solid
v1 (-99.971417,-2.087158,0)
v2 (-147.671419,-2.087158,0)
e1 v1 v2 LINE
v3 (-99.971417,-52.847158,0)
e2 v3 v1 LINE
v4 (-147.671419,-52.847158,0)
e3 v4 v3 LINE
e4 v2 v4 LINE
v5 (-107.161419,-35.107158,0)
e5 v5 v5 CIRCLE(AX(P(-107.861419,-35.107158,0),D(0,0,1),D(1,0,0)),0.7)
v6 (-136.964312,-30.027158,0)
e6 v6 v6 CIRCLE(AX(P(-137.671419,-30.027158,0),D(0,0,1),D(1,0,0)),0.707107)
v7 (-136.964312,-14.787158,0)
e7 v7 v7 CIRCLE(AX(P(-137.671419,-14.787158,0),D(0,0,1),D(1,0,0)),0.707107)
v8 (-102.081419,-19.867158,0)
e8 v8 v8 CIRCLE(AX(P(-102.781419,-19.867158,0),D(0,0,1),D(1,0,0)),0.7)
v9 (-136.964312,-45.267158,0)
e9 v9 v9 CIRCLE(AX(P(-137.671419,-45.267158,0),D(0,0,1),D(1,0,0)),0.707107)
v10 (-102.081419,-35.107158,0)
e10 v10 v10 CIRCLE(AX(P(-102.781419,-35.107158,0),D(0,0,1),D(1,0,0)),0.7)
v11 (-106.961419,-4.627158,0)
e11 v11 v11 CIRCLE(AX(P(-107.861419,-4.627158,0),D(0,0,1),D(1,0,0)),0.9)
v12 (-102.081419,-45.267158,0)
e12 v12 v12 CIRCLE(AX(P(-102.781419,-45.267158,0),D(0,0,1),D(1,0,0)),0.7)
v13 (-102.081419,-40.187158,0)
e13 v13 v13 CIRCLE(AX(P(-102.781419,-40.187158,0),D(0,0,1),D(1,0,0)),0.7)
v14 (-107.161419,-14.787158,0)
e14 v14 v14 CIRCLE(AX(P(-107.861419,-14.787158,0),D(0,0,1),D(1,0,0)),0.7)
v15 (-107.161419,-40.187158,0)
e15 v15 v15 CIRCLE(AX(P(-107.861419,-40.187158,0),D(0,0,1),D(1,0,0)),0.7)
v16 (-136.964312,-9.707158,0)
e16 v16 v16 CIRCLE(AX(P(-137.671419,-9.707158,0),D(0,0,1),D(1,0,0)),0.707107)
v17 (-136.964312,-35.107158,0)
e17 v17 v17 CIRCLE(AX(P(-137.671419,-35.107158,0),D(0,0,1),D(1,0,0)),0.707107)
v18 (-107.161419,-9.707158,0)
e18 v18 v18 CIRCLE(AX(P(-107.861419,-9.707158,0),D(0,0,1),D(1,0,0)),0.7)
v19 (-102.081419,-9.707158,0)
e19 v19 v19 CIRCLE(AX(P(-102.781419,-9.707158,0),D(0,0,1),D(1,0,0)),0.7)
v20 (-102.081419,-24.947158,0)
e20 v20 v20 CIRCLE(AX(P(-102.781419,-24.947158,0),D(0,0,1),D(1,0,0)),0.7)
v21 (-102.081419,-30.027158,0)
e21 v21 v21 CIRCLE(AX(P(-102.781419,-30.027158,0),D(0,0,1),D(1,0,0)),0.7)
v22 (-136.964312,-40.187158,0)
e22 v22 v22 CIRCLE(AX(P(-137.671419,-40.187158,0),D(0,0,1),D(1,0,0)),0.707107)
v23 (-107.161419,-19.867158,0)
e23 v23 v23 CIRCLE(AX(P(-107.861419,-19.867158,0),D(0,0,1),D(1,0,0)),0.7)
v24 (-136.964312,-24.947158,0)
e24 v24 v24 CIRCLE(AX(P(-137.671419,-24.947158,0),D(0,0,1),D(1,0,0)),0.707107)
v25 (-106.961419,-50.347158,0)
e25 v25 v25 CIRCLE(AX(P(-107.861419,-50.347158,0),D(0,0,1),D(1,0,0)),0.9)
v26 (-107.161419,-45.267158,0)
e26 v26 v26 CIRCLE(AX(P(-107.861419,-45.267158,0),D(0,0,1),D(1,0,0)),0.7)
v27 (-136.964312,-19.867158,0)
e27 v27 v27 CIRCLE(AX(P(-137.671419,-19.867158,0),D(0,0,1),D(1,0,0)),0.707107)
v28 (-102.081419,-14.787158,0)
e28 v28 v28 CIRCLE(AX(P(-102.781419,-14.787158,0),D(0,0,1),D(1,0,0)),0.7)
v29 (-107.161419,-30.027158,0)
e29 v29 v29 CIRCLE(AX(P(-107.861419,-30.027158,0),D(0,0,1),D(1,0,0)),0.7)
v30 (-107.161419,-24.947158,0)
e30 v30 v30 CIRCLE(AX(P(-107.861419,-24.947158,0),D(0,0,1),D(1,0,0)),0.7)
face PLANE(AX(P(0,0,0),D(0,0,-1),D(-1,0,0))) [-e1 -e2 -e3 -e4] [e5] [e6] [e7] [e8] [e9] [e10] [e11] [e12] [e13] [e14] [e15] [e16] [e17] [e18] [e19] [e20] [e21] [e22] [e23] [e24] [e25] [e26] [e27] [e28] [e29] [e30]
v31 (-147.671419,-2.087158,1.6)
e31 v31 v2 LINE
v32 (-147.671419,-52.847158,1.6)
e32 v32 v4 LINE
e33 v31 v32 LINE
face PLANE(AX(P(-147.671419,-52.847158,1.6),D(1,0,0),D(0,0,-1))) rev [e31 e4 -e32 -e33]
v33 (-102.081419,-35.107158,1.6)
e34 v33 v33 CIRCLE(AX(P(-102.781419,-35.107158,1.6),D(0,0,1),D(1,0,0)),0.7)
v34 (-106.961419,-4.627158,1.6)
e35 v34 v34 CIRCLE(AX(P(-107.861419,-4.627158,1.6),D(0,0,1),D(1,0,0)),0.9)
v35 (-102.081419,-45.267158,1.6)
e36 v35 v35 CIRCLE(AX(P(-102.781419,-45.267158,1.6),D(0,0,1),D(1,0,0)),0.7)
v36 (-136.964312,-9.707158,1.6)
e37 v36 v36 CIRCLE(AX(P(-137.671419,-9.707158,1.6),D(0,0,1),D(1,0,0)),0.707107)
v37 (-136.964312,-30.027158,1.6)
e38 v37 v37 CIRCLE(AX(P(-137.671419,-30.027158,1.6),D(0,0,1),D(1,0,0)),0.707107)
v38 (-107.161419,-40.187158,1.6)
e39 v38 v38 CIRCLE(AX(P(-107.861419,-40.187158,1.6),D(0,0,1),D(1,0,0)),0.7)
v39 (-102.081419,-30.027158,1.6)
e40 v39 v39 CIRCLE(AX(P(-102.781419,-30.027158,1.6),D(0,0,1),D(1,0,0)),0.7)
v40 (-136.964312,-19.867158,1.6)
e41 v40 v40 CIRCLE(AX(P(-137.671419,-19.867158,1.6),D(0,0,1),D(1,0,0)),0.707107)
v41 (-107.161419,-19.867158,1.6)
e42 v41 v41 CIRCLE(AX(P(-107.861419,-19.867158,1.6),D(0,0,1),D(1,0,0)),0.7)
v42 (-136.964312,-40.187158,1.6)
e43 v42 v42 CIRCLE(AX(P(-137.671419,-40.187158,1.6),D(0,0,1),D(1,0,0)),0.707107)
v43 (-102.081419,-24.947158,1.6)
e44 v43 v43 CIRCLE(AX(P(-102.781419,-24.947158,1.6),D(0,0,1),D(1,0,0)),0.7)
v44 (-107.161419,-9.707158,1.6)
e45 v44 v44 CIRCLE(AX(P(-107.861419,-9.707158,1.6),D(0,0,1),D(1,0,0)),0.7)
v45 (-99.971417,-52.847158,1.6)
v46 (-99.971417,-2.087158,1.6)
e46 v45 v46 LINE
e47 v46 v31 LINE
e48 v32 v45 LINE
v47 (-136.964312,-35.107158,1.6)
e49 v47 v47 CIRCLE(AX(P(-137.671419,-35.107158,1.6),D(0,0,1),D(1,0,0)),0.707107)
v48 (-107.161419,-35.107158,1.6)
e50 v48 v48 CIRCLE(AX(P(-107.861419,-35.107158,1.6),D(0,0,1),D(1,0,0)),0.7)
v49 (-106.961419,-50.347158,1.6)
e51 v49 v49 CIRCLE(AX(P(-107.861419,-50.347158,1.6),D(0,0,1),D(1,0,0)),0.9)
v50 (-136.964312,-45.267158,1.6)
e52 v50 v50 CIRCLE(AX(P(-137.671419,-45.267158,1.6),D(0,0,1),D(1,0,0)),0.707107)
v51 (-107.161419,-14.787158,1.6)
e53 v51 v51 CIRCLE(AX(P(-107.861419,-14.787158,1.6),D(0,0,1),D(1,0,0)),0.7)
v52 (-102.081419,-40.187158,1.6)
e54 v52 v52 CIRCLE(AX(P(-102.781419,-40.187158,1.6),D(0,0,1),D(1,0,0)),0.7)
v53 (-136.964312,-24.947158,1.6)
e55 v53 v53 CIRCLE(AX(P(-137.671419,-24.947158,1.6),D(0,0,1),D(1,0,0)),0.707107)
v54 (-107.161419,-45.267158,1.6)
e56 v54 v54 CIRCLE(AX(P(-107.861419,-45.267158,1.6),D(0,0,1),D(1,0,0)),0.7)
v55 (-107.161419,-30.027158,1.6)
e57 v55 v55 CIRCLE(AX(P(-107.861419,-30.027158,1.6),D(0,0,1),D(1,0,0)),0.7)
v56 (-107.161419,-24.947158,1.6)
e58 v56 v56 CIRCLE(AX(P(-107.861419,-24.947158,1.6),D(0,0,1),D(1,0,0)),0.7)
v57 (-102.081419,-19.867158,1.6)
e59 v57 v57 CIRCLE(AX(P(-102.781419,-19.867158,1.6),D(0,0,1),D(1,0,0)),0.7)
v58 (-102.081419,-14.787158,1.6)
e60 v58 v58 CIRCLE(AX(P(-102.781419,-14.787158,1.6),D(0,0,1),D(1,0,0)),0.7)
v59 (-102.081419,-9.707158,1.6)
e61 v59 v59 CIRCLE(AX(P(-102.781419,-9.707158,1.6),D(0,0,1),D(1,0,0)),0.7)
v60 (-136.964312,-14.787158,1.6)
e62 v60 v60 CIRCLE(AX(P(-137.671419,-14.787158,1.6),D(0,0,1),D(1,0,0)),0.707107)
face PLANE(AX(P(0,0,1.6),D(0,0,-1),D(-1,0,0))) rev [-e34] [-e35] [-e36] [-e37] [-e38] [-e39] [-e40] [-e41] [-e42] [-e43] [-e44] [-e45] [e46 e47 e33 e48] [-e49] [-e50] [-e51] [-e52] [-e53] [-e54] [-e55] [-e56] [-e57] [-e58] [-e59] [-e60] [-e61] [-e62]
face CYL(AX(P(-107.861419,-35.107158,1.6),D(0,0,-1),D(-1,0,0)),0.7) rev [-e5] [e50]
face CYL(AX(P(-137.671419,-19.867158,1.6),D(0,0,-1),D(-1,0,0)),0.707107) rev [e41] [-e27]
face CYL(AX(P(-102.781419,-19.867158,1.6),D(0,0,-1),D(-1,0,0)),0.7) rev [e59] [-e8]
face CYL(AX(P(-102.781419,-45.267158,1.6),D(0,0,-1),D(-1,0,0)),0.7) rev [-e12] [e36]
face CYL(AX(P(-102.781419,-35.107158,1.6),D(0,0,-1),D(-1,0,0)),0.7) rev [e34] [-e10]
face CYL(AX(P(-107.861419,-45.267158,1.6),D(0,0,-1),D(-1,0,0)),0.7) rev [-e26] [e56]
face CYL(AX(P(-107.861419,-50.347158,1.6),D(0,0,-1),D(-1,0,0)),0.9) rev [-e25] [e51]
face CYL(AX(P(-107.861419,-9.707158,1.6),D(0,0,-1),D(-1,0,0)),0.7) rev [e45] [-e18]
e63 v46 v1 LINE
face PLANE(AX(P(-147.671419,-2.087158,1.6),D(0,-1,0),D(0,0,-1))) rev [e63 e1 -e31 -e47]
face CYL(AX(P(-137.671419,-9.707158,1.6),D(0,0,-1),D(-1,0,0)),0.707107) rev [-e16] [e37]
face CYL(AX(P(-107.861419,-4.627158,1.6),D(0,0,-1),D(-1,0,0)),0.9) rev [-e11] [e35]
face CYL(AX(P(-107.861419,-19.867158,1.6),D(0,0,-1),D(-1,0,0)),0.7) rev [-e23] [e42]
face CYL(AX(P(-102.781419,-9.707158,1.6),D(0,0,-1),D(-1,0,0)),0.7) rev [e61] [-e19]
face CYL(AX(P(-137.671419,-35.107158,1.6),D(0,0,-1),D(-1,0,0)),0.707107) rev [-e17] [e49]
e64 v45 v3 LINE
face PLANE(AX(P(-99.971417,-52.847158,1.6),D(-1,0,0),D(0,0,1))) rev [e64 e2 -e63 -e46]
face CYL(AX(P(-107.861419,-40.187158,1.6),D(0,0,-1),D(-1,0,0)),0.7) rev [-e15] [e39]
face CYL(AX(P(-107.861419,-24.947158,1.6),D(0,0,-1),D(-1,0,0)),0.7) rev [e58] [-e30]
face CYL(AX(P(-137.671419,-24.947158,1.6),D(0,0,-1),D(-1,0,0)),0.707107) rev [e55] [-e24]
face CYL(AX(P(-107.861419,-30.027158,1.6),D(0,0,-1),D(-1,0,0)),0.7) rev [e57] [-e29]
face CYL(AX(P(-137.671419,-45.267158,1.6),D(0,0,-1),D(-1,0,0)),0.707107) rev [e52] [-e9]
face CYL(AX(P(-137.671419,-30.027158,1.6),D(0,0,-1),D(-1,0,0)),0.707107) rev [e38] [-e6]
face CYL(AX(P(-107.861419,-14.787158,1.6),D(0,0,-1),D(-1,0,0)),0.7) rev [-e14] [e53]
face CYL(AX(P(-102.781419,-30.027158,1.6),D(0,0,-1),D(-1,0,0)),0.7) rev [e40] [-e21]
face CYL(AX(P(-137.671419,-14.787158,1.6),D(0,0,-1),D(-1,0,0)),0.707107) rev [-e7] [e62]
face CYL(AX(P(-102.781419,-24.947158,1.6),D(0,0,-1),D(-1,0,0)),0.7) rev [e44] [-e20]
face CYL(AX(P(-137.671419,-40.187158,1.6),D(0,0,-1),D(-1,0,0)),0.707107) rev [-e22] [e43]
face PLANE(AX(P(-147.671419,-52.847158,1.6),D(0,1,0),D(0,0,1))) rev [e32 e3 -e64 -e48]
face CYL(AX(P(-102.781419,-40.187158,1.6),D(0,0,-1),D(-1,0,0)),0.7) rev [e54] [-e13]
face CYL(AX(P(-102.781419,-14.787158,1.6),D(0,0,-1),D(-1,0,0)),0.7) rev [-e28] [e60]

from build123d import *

# Parameters (mm, degrees)
SKETCH1_W           = 47.7000015
SKETCH1_H           = 50.76
SKETCH1_R           = 0.7
SKETCH1_R_2         = 0.707106781
SKETCH1_R_3         = 0.9
BOSS_EXTRUDE1_DEPTH = 1.6


with BuildPart() as part:
    # Sketch1 → Boss-Extrude1 (new body)
    with BuildSketch(Plane.XY):
        with Locations((-123.821418115, -27.467158499)):
            Rectangle(SKETCH1_W, SKETCH1_H)
        with Locations((-107.861418865, -45.267158499)):
            Circle(SKETCH1_R, mode=Mode.SUBTRACT)
        with Locations((-102.781418865, -45.267158499)):
            Circle(SKETCH1_R, mode=Mode.SUBTRACT)
        with Locations((-102.781418865, -40.187158499)):
            Circle(SKETCH1_R, mode=Mode.SUBTRACT)
        with Locations((-102.781418865, -35.107158499)):
            Circle(SKETCH1_R, mode=Mode.SUBTRACT)
        with Locations((-102.781418865, -30.027158499)):
            Circle(SKETCH1_R, mode=Mode.SUBTRACT)
        with Locations((-102.781418865, -24.947158499)):
            Circle(SKETCH1_R, mode=Mode.SUBTRACT)
        with Locations((-102.781418865, -19.867158499)):
            Circle(SKETCH1_R, mode=Mode.SUBTRACT)
        with Locations((-102.781418865, -14.787158499)):
            Circle(SKETCH1_R, mode=Mode.SUBTRACT)
        with Locations((-102.781418865, -9.707158499)):
            Circle(SKETCH1_R, mode=Mode.SUBTRACT)
        with Locations((-107.861418865, -40.187158499)):
            Circle(SKETCH1_R, mode=Mode.SUBTRACT)
        with Locations((-107.861418865, -35.107158499)):
            Circle(SKETCH1_R, mode=Mode.SUBTRACT)
        with Locations((-107.861418865, -30.027158499)):
            Circle(SKETCH1_R, mode=Mode.SUBTRACT)
        with Locations((-107.861418865, -24.947158499)):
            Circle(SKETCH1_R, mode=Mode.SUBTRACT)
        with Locations((-107.861418865, -19.867158499)):
            Circle(SKETCH1_R, mode=Mode.SUBTRACT)
        with Locations((-107.861418865, -14.787158499)):
            Circle(SKETCH1_R, mode=Mode.SUBTRACT)
        with Locations((-107.861418865, -9.707158499)):
            Circle(SKETCH1_R, mode=Mode.SUBTRACT)
        with Locations((-137.671418865, -45.267158499)):
            Circle(SKETCH1_R_2, mode=Mode.SUBTRACT)
        with Locations((-137.671418865, -40.187158499)):
            Circle(SKETCH1_R_2, mode=Mode.SUBTRACT)
        with Locations((-137.671418865, -35.107158499)):
            Circle(SKETCH1_R_2, mode=Mode.SUBTRACT)
        with Locations((-137.671418865, -30.027158499)):
            Circle(SKETCH1_R_2, mode=Mode.SUBTRACT)
        with Locations((-137.671418865, -24.947158499)):
            Circle(SKETCH1_R_2, mode=Mode.SUBTRACT)
        with Locations((-137.671418865, -19.867158499)):
            Circle(SKETCH1_R_2, mode=Mode.SUBTRACT)
        with Locations((-137.671418865, -14.787158499)):
            Circle(SKETCH1_R_2, mode=Mode.SUBTRACT)
        with Locations((-137.671418865, -9.707158499)):
            Circle(SKETCH1_R_2, mode=Mode.SUBTRACT)
        with Locations((-107.861418865, -50.347158499)):
            Circle(SKETCH1_R_3, mode=Mode.SUBTRACT)
        with Locations((-107.861418865, -4.627158499)):
            Circle(SKETCH1_R_3, mode=Mode.SUBTRACT)
    extrude(amount=BOSS_EXTRUDE1_DEPTH)


solid = part.part
